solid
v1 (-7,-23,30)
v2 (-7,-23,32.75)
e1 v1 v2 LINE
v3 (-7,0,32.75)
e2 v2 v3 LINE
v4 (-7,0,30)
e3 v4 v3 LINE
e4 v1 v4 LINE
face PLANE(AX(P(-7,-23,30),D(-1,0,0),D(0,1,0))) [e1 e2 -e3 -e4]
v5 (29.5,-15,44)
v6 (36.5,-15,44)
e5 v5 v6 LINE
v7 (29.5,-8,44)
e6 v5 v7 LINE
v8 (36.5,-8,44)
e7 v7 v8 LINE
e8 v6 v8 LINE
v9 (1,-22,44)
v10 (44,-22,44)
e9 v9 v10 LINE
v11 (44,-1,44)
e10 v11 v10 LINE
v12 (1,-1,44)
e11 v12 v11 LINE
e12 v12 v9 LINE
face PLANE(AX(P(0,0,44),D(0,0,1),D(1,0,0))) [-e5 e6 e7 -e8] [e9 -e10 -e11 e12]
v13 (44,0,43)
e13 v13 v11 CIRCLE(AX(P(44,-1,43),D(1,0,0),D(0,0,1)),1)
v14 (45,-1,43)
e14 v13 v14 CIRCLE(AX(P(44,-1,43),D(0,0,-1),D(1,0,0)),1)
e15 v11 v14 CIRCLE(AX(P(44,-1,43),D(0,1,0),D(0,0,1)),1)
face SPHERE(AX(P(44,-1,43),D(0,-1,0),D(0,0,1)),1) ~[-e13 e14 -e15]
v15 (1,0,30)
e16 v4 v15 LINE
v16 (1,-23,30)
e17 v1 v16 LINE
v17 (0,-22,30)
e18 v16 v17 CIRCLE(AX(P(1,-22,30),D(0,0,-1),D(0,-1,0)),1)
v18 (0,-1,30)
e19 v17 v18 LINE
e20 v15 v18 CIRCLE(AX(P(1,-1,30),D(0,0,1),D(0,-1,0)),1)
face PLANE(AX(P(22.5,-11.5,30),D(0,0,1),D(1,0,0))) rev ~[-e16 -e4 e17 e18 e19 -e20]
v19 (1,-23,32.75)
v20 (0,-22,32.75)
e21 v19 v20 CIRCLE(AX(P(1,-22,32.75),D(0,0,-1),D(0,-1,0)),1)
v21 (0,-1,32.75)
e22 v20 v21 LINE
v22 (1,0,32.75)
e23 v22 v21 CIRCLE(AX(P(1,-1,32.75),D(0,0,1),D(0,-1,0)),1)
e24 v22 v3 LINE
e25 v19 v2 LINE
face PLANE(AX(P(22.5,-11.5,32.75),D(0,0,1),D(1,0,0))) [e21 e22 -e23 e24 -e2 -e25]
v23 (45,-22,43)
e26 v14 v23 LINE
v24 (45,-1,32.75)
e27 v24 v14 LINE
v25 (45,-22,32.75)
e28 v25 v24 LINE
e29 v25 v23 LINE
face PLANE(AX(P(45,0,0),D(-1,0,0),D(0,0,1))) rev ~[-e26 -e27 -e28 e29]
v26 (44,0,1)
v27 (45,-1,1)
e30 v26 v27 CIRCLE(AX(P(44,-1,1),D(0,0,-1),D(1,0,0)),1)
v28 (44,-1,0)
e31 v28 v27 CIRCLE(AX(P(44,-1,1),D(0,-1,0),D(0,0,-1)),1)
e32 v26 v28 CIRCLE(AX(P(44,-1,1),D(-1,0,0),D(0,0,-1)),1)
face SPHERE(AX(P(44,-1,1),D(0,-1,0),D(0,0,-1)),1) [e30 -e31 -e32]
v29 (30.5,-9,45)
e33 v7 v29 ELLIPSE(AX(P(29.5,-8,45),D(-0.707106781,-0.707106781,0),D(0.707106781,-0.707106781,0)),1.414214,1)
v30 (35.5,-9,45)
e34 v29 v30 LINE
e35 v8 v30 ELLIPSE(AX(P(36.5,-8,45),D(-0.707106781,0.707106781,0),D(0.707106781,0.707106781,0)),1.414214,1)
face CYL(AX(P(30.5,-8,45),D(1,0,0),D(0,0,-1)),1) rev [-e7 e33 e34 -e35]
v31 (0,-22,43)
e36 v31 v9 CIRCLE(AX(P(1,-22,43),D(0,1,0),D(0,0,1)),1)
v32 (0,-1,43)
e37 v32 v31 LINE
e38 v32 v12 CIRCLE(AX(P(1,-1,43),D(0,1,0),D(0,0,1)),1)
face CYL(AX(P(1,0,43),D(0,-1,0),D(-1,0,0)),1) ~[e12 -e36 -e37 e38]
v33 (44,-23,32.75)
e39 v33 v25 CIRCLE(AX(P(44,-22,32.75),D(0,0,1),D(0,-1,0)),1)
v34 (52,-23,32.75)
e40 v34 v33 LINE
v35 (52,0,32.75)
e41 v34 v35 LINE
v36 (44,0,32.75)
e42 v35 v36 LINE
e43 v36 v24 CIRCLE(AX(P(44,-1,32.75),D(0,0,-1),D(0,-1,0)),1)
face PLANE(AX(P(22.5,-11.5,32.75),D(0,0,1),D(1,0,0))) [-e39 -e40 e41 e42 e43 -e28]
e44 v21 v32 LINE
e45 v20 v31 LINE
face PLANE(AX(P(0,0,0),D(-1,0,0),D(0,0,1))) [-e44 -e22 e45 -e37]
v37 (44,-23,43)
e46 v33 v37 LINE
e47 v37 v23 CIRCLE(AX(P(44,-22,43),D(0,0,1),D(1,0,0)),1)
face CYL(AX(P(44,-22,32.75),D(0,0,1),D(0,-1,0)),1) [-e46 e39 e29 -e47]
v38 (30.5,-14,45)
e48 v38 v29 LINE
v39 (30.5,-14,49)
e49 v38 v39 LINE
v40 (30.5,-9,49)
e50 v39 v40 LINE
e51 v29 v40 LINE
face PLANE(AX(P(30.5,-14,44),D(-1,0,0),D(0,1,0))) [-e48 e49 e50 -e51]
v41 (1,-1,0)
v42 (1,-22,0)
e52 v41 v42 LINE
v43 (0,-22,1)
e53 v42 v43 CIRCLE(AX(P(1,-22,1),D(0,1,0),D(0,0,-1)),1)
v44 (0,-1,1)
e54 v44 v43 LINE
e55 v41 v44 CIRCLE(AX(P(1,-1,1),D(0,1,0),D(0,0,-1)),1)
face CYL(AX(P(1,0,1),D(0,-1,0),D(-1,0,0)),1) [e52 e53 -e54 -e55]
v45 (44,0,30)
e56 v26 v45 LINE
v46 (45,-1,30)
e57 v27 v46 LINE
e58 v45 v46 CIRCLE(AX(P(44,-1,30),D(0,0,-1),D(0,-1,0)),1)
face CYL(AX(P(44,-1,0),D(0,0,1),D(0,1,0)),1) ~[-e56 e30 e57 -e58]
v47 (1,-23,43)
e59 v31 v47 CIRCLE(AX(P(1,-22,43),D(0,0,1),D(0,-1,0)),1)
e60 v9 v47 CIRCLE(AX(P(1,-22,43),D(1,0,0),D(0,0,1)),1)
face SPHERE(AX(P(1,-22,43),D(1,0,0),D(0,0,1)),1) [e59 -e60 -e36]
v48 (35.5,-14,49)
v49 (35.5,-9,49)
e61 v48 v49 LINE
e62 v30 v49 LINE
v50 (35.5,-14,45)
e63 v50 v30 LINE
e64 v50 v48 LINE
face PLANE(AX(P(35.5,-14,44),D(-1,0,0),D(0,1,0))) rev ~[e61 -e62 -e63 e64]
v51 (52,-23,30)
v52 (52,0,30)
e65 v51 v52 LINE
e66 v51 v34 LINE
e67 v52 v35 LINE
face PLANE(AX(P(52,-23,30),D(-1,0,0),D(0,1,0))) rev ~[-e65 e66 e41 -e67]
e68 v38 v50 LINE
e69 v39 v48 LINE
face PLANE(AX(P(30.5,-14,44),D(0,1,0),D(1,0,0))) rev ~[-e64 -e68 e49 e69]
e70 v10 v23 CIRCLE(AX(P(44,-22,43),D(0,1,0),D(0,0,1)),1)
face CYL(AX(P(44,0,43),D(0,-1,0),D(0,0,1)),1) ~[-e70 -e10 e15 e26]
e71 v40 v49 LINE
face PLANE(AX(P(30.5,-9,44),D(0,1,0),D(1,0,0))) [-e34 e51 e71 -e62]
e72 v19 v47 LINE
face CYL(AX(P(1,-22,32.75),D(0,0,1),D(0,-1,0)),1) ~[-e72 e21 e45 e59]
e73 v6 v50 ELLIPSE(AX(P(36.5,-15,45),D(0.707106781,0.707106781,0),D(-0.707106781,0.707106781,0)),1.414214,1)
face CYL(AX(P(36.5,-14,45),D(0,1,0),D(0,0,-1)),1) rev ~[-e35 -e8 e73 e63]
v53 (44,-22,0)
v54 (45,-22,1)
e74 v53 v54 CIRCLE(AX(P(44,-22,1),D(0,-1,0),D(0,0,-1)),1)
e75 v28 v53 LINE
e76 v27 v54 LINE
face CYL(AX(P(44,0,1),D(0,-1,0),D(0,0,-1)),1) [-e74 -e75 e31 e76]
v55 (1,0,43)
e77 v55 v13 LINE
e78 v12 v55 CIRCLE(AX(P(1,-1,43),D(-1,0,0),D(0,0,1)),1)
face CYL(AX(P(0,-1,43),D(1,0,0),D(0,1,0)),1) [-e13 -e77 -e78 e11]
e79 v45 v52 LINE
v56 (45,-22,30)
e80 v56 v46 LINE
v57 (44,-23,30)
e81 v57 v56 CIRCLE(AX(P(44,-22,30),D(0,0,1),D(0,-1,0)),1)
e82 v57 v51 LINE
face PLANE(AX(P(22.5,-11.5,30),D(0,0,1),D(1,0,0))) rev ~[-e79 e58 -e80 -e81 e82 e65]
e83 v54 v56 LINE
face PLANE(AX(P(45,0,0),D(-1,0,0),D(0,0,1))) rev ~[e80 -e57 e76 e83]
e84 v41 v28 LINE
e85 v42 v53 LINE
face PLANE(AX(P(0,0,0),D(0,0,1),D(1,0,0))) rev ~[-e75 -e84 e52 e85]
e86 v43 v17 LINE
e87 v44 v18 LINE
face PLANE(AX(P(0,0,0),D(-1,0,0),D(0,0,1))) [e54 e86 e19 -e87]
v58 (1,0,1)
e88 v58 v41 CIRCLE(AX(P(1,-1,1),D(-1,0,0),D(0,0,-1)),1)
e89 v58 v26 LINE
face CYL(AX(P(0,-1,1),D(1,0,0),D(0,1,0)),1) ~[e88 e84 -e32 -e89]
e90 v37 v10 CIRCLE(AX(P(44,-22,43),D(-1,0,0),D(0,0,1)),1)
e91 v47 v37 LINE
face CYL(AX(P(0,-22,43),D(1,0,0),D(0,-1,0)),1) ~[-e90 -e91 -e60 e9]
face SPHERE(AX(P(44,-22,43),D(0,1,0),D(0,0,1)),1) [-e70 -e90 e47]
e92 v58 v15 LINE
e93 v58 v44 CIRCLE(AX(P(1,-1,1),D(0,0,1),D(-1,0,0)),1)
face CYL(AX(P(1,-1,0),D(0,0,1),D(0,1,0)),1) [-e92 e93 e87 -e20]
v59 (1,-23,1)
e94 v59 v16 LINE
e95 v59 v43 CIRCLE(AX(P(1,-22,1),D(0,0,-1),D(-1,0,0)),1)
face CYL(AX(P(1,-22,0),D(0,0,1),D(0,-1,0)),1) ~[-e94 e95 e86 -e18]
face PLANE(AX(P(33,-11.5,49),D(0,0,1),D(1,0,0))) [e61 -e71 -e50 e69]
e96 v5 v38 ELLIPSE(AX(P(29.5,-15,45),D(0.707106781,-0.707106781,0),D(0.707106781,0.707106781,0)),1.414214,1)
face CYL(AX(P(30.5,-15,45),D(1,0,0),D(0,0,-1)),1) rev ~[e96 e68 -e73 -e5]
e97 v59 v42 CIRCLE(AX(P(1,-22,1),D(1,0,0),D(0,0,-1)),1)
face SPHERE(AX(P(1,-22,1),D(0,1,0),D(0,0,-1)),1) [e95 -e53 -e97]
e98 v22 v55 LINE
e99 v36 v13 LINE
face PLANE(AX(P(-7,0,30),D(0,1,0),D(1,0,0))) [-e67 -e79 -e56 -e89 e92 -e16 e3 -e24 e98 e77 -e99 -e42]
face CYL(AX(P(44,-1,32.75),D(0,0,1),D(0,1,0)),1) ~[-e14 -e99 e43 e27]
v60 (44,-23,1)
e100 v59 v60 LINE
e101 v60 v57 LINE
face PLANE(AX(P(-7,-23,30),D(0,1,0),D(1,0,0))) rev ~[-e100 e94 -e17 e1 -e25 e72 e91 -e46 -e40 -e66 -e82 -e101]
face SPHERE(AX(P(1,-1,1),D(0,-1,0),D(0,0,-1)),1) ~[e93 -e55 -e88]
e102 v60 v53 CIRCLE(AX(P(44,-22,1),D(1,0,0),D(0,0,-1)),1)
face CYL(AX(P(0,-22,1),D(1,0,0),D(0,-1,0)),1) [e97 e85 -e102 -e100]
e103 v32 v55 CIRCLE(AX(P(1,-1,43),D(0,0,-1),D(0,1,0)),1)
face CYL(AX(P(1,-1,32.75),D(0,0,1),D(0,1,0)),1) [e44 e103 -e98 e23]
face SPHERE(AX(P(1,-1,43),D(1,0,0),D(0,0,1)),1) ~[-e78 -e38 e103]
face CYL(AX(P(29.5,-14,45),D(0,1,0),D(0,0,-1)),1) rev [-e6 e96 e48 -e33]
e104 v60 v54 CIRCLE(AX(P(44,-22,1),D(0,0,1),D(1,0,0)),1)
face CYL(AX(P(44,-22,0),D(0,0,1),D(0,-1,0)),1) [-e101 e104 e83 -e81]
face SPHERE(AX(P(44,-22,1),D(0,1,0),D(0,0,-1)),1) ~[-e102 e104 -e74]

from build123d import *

# Parameters (mm, degrees)
F0_W     = 45
F0_H     = 44
F1_DEPTH = 23
F2_W     = 5
F2_H     = 5
F3_DEPTH = 5
F5_W     = 59
F5_H     = 23
F6_DEPTH = 2.75
F7_R     = 1


with BuildPart() as f1:
    # F0 (on Front) → F1 (new body)
    with BuildSketch(Plane.XZ):
        with Locations((22.5, 22)):
            Rectangle(F0_W, F0_H)
    extrude(amount=F1_DEPTH)

    # F2 (on face) → F3 (join)
    with BuildSketch(Plane.XY.offset(44)):
        with Locations((33, -11.5)):
            Rectangle(F2_W, F2_H)
    extrude(amount=F3_DEPTH)

    # F5 (on offset) → F6 (join)
    with BuildSketch(Plane.XY.offset(30)):
        with Locations((22.5, -11.5)):
            Rectangle(F5_W, F5_H)
    extrude(amount=F6_DEPTH)

    # F7
    f7_edges = [f1.edges().sort_by_distance(p)[0] for p in [
        (45, -11.5, 44),
        (22.5, 0, 44),
        (22.5, -23, 44),
        (0, -11.5, 44),
        (33, -9, 44),
        (35.5, -11.5, 44),
        (33, -14, 44),
        (30.5, -11.5, 44),
        (0, -11.5, 0),
        (45, -11.5, 0),
        (22.5, 0, 0),
        (22.5, -23, 0),
        (45, -23, 15),
        (45, 0, 15),
        (0, -23, 15),
        (0, -23, 38.375),
        (45, -23, 38.375),
        (45, 0, 38.375),
        (0, 0, 38.375),
        (0, 0, 15),
    ]]
    fillet(f7_edges, radius=F7_R)


solid = f1.part
